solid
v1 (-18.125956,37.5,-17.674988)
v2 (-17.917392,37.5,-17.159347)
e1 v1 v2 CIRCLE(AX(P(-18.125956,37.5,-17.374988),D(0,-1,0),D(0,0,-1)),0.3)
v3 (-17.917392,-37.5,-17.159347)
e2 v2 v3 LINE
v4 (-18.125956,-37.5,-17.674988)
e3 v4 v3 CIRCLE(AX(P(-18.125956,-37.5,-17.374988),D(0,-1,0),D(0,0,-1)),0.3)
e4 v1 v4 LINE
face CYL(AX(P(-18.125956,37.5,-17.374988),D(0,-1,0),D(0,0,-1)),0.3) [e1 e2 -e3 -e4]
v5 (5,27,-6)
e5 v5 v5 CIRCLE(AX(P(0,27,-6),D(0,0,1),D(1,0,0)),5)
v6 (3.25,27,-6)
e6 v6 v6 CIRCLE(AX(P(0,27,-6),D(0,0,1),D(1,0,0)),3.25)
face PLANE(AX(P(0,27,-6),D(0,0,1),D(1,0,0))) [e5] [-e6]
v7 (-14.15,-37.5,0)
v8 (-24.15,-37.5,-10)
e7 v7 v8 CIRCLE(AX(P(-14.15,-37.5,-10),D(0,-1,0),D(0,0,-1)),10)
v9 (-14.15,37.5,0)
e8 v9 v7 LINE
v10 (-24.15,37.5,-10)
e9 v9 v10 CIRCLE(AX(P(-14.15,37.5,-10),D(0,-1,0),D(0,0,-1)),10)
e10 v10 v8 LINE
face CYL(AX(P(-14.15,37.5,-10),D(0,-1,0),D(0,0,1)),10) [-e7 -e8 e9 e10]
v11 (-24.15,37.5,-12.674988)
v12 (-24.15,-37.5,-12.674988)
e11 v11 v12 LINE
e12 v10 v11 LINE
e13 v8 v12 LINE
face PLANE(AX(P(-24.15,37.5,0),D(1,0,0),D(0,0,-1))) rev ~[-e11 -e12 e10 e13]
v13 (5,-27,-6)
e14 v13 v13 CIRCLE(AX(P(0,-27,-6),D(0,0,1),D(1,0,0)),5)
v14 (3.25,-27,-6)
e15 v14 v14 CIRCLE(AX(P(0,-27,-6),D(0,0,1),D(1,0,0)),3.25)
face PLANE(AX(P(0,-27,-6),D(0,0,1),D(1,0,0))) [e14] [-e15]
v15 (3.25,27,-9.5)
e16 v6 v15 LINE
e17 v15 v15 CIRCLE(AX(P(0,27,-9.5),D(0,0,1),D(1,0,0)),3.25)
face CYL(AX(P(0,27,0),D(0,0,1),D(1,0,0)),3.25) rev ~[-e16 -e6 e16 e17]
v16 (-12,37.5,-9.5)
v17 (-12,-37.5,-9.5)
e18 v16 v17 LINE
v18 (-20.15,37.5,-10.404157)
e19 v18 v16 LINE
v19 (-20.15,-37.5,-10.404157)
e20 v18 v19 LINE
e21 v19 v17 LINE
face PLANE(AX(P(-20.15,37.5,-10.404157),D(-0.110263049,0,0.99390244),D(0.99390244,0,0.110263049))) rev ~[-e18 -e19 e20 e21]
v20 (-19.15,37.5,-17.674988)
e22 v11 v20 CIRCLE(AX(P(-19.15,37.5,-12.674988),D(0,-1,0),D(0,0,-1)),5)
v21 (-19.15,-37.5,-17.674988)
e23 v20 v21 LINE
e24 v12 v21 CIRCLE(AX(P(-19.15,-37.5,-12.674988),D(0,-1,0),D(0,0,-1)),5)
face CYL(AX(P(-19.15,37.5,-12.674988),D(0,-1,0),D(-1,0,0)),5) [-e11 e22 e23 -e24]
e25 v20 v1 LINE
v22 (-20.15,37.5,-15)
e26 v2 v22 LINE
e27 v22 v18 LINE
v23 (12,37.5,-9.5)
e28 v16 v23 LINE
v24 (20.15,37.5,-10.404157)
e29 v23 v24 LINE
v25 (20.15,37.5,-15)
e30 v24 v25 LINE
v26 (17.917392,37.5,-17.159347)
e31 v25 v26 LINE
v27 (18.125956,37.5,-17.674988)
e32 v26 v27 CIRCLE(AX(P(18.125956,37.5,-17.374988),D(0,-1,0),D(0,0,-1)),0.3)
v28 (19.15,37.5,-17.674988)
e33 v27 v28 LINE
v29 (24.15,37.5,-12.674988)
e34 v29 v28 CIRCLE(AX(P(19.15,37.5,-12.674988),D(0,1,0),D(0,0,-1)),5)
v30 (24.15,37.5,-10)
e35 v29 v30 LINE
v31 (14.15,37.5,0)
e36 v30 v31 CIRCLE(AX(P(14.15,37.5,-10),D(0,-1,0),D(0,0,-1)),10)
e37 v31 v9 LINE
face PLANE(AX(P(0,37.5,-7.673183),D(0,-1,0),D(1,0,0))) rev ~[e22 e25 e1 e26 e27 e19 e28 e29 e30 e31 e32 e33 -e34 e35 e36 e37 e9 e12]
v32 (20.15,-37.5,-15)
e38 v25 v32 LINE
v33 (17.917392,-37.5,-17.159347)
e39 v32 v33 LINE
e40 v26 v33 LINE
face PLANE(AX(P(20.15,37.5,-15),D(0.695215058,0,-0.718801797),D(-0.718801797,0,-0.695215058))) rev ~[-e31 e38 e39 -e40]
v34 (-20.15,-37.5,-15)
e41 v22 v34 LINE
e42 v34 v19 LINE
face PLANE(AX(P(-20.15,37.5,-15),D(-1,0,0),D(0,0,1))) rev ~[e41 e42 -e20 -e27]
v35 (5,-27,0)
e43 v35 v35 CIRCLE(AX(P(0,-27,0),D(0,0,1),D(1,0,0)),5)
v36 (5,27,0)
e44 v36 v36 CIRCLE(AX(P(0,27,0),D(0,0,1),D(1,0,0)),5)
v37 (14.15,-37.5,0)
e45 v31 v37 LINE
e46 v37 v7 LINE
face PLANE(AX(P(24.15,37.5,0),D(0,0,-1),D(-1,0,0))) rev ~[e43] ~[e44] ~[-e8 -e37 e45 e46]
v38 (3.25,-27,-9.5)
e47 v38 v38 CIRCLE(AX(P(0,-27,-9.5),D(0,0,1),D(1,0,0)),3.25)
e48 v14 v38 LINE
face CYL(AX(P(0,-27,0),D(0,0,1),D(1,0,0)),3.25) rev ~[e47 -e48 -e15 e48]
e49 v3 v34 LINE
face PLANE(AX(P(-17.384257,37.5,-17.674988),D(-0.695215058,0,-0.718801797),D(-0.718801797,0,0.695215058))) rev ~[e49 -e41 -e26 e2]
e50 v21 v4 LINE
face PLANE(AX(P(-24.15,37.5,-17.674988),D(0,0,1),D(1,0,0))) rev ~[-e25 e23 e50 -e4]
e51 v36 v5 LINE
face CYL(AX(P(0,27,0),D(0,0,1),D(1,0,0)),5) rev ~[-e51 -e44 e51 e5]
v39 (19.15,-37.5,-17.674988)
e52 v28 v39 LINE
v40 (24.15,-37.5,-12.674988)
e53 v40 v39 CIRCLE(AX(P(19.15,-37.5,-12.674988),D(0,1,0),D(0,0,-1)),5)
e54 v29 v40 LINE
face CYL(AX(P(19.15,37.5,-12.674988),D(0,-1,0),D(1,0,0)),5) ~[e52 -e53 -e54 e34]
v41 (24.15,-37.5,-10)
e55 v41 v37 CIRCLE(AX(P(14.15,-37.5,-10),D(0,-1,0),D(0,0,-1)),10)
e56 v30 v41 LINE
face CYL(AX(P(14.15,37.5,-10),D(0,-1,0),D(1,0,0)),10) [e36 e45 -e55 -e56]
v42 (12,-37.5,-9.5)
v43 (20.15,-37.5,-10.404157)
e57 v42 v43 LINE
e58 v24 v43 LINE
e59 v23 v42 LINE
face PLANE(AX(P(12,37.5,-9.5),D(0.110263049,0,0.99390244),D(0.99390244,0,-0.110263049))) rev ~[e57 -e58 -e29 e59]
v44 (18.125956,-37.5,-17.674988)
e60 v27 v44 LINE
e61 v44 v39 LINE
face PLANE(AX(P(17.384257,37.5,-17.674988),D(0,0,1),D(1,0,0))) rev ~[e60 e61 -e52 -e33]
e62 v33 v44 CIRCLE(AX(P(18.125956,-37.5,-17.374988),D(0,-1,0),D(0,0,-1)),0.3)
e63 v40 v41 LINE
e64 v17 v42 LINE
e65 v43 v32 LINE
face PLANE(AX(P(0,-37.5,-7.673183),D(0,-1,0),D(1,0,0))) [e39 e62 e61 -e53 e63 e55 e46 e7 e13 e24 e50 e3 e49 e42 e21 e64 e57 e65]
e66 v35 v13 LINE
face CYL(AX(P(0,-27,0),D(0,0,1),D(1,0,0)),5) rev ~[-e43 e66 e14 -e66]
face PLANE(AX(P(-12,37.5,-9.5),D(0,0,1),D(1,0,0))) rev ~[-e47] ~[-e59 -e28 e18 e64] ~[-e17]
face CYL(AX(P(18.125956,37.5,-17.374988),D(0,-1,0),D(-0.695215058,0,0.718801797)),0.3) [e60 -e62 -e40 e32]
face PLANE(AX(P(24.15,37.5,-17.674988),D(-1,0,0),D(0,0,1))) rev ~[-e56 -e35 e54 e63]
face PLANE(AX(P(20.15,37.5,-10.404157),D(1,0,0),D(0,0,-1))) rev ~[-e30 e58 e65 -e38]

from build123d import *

# Parameters (mm, degrees)
F1_DEPTH = 75
F2_R     = 0.3
F3_R     = 10
F4_R     = 5
F6_R     = 3.25
F7_DEPTH = 25
F8_R     = 5
F8_R_2   = 3.25
F9_DEPTH = 6


with BuildPart() as f1:
    # F0 (on Front) → F1 (new body)
    with BuildSketch(Plane.XZ):
        Polygon((-20.15, 4.595843), (-12, 5.5), (12, 5.5), (20.15, 4.595843), (20.15, 0), (17.384257, -2.674988), (24.15, -2.674988), (24.15, 0), (24.15, 15), (-24.15, 15), (-24.15, 0), (-24.15, -2.674988), (-17.384257, -2.674988), (-20.15, 0), align=None)
    extrude(amount=F1_DEPTH)

    # F2
    f2_edges = [f1.edges().sort_by_distance(p)[0] for p in [
        (-17.384257, -37.5, -2.674988),
        (17.384257, -37.5, -2.674988),
    ]]
    fillet(f2_edges, radius=F2_R)

    # F3
    f3_edges = [f1.edges().sort_by_distance(p)[0] for p in [
        (-24.15, -37.5, 15),
        (24.15, -37.5, 15),
    ]]
    fillet(f3_edges, radius=F3_R)

    # F4
    f4_edges = [f1.edges().sort_by_distance(p)[0] for p in [
        (-24.15, -37.5, -2.674988),
        (24.15, -37.5, -2.674988),
    ]]
    fillet(f4_edges, radius=F4_R)


with BuildPart() as f1_1:
    # F5: moved
    add(f1.part.moved(Location((0, 37.5, 0))))

    # F6 (on face) → F7 (cut)
    with BuildSketch(Plane.XY.offset(15)):
        with Locations((0, 27)):
            Circle(F6_R)
        with Locations((0, -27)):
            Circle(F6_R)
    extrude(amount=-F7_DEPTH, mode=Mode.SUBTRACT)

    # F8 (on face) → F9 (cut)
    with BuildSketch(Plane.XY.offset(15)):
        with Locations((0, 27)):
            Circle(F8_R)
        with Locations((0, 27)):
            Circle(F8_R_2, mode=Mode.SUBTRACT)
        with Locations((0, -27)):
            Circle(F8_R)
        with Locations((0, -27)):
            Circle(F8_R_2, mode=Mode.SUBTRACT)
    extrude(amount=-F9_DEPTH, mode=Mode.SUBTRACT)


with BuildPart() as f1_2:
    # F10: moved
    add(f1_1.part.moved(Location((0, 0, -15))))


solid = f1_2.part
